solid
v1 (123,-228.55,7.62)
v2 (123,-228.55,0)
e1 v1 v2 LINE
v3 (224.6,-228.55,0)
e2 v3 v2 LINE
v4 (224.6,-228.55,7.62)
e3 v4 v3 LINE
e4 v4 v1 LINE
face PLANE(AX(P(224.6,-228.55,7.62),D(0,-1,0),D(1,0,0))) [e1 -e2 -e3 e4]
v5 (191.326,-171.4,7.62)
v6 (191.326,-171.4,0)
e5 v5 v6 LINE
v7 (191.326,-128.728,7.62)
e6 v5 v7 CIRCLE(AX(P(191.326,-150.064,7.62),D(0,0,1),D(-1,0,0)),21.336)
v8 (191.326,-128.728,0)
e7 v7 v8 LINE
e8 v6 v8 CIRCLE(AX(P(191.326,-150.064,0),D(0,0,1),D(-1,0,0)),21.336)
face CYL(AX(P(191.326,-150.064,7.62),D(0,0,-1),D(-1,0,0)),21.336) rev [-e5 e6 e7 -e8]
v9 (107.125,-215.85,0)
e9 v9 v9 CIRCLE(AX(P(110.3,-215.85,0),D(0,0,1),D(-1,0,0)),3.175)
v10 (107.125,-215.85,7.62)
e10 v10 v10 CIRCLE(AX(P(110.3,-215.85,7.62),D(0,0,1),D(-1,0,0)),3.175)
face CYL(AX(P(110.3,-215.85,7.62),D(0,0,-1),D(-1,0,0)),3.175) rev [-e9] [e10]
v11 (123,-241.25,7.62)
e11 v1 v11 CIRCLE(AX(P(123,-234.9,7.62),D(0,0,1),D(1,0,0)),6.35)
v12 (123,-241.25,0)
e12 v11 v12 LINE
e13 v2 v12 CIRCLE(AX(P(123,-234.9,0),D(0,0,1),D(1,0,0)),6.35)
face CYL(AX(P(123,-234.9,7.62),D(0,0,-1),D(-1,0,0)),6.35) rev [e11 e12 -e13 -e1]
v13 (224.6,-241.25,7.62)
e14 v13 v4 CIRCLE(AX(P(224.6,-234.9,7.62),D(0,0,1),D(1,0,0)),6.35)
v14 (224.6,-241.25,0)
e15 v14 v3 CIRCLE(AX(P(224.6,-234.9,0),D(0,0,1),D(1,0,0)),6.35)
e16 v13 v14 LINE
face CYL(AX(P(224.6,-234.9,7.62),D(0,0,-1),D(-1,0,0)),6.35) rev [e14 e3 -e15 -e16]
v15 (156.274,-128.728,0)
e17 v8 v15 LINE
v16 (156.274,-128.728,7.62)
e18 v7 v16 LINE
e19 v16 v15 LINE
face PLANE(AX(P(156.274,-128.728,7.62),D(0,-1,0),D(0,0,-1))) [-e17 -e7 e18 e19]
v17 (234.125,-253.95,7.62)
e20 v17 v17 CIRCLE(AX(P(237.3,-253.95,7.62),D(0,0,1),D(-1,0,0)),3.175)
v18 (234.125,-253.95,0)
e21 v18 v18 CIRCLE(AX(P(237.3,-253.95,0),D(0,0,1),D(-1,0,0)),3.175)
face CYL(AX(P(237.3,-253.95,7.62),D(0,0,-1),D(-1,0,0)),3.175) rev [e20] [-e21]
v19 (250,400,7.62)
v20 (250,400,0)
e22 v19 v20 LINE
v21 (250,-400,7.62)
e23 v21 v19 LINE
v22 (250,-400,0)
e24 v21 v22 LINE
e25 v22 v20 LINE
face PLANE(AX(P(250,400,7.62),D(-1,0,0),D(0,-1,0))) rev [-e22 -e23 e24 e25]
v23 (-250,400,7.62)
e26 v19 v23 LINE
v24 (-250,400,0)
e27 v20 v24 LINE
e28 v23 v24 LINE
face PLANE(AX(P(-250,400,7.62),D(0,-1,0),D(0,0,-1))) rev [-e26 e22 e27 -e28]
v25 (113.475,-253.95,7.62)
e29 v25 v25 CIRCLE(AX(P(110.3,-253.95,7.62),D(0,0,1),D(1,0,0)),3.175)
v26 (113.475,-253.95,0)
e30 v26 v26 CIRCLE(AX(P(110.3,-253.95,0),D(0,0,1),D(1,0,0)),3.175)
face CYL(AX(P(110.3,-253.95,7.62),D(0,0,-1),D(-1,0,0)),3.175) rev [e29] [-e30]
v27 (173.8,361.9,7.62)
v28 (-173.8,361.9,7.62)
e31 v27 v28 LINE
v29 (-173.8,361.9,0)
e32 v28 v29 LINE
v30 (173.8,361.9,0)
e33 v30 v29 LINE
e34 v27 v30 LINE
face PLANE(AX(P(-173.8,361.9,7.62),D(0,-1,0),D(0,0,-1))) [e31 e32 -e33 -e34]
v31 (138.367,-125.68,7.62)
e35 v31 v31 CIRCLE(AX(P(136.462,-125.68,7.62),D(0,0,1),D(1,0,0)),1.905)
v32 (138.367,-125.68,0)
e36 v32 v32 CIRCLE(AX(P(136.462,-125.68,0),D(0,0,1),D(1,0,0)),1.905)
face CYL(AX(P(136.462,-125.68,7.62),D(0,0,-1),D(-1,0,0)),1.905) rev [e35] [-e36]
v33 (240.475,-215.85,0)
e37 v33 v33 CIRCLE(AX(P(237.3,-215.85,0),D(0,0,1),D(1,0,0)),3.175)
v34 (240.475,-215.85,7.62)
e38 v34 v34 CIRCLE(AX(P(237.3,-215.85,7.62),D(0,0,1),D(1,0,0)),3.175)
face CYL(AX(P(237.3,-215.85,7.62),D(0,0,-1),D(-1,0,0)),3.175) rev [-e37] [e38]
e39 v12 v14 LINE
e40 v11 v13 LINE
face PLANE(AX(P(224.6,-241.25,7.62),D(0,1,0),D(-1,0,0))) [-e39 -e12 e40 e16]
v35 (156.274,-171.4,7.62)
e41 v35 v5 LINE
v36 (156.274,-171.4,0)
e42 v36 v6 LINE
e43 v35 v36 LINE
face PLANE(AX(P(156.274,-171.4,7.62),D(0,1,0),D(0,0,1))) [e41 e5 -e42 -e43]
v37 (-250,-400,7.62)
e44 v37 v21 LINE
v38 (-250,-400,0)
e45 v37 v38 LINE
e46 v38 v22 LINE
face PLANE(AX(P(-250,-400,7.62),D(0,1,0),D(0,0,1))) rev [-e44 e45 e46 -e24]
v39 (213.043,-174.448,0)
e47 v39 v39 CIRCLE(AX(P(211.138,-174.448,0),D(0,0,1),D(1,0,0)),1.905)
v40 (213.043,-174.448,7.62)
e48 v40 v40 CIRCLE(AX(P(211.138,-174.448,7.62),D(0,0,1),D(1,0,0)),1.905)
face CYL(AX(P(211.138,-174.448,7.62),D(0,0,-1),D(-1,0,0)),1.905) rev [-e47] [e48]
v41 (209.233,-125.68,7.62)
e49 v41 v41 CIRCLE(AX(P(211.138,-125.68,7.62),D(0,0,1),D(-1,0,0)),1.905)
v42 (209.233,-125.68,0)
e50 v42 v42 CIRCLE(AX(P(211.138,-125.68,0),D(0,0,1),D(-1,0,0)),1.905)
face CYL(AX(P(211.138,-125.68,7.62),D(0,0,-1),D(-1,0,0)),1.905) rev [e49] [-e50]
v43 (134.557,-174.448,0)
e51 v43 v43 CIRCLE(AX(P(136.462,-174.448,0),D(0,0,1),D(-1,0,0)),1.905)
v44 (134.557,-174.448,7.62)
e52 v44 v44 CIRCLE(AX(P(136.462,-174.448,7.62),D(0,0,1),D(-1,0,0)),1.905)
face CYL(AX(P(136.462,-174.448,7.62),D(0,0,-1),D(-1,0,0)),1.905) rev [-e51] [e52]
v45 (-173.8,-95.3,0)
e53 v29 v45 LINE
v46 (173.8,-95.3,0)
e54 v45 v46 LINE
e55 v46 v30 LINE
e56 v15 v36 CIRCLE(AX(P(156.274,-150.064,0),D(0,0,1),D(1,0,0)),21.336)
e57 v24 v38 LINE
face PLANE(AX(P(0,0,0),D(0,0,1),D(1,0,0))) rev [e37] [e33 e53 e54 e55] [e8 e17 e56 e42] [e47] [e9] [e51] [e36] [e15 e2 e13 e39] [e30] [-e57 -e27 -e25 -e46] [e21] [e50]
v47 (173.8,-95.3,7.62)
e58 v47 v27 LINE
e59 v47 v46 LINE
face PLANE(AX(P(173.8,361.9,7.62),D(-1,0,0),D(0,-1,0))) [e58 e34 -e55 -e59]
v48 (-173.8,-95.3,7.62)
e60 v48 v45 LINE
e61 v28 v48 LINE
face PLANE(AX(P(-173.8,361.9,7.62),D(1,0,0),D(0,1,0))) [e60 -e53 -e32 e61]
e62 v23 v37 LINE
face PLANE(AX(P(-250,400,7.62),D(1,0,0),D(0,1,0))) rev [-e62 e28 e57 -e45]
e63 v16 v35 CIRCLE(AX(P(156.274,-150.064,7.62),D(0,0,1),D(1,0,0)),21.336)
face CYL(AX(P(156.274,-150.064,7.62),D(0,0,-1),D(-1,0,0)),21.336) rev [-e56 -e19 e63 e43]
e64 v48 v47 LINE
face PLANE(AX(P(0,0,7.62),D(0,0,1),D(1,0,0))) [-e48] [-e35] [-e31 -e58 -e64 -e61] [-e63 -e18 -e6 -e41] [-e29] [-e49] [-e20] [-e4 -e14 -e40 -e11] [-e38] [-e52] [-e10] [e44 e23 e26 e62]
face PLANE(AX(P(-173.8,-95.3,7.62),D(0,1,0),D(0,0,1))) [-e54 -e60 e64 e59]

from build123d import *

# Parameters (mm, degrees)
SKETCH1_W           = 500
SKETCH1_H           = 800
SKETCH1_R           = 1.905
SKETCH1_R_2         = 3.175
SKETCH1_W_2         = 347.6
SKETCH1_H_2         = 457.2
BOSS_EXTRUDE1_DEPTH = 7.62


with BuildPart() as part:
    # Sketch1 → Boss-Extrude1 (new body)
    with BuildSketch(Plane.XY):
        Rectangle(SKETCH1_W, SKETCH1_H)
        with Locations((136.462, -125.68)):
            Circle(SKETCH1_R, mode=Mode.SUBTRACT)
        with Locations((211.138, -125.68)):
            Circle(SKETCH1_R, mode=Mode.SUBTRACT)
        with Locations((211.138, -174.448)):
            Circle(SKETCH1_R, mode=Mode.SUBTRACT)
        with Locations((136.462, -174.448)):
            Circle(SKETCH1_R, mode=Mode.SUBTRACT)
        with Locations((237.3, -215.85)):
            Circle(SKETCH1_R_2, mode=Mode.SUBTRACT)
        with Locations((110.3, -215.85)):
            Circle(SKETCH1_R_2, mode=Mode.SUBTRACT)
        with Locations((237.3, -253.95)):
            Circle(SKETCH1_R_2, mode=Mode.SUBTRACT)
        with Locations((110.3, -253.95)):
            Circle(SKETCH1_R_2, mode=Mode.SUBTRACT)
        with Locations((0, 133.3)):
            Rectangle(SKETCH1_W_2, SKETCH1_H_2, mode=Mode.SUBTRACT)
        with BuildLine():
            Line((156.274, -128.728), (191.326, -128.728))
            ThreePointArc((191.326, -128.728), (212.662, -150.064), (191.326, -171.4))
            Line((191.326, -171.4), (156.274, -171.4))
            ThreePointArc((156.274, -171.4), (134.938, -150.064), (156.274, -128.728))
        make_face(mode=Mode.SUBTRACT)
        with BuildLine():
            Line((224.6, -241.25), (123, -241.25))
            ThreePointArc((123, -241.25), (116.65, -234.9), (123, -228.55))
            Line((123, -228.55), (224.6, -228.55))
            ThreePointArc((224.6, -228.55), (230.95, -234.9), (224.6, -241.25))
        make_face(mode=Mode.SUBTRACT)
    extrude(amount=BOSS_EXTRUDE1_DEPTH)


solid = part.part
